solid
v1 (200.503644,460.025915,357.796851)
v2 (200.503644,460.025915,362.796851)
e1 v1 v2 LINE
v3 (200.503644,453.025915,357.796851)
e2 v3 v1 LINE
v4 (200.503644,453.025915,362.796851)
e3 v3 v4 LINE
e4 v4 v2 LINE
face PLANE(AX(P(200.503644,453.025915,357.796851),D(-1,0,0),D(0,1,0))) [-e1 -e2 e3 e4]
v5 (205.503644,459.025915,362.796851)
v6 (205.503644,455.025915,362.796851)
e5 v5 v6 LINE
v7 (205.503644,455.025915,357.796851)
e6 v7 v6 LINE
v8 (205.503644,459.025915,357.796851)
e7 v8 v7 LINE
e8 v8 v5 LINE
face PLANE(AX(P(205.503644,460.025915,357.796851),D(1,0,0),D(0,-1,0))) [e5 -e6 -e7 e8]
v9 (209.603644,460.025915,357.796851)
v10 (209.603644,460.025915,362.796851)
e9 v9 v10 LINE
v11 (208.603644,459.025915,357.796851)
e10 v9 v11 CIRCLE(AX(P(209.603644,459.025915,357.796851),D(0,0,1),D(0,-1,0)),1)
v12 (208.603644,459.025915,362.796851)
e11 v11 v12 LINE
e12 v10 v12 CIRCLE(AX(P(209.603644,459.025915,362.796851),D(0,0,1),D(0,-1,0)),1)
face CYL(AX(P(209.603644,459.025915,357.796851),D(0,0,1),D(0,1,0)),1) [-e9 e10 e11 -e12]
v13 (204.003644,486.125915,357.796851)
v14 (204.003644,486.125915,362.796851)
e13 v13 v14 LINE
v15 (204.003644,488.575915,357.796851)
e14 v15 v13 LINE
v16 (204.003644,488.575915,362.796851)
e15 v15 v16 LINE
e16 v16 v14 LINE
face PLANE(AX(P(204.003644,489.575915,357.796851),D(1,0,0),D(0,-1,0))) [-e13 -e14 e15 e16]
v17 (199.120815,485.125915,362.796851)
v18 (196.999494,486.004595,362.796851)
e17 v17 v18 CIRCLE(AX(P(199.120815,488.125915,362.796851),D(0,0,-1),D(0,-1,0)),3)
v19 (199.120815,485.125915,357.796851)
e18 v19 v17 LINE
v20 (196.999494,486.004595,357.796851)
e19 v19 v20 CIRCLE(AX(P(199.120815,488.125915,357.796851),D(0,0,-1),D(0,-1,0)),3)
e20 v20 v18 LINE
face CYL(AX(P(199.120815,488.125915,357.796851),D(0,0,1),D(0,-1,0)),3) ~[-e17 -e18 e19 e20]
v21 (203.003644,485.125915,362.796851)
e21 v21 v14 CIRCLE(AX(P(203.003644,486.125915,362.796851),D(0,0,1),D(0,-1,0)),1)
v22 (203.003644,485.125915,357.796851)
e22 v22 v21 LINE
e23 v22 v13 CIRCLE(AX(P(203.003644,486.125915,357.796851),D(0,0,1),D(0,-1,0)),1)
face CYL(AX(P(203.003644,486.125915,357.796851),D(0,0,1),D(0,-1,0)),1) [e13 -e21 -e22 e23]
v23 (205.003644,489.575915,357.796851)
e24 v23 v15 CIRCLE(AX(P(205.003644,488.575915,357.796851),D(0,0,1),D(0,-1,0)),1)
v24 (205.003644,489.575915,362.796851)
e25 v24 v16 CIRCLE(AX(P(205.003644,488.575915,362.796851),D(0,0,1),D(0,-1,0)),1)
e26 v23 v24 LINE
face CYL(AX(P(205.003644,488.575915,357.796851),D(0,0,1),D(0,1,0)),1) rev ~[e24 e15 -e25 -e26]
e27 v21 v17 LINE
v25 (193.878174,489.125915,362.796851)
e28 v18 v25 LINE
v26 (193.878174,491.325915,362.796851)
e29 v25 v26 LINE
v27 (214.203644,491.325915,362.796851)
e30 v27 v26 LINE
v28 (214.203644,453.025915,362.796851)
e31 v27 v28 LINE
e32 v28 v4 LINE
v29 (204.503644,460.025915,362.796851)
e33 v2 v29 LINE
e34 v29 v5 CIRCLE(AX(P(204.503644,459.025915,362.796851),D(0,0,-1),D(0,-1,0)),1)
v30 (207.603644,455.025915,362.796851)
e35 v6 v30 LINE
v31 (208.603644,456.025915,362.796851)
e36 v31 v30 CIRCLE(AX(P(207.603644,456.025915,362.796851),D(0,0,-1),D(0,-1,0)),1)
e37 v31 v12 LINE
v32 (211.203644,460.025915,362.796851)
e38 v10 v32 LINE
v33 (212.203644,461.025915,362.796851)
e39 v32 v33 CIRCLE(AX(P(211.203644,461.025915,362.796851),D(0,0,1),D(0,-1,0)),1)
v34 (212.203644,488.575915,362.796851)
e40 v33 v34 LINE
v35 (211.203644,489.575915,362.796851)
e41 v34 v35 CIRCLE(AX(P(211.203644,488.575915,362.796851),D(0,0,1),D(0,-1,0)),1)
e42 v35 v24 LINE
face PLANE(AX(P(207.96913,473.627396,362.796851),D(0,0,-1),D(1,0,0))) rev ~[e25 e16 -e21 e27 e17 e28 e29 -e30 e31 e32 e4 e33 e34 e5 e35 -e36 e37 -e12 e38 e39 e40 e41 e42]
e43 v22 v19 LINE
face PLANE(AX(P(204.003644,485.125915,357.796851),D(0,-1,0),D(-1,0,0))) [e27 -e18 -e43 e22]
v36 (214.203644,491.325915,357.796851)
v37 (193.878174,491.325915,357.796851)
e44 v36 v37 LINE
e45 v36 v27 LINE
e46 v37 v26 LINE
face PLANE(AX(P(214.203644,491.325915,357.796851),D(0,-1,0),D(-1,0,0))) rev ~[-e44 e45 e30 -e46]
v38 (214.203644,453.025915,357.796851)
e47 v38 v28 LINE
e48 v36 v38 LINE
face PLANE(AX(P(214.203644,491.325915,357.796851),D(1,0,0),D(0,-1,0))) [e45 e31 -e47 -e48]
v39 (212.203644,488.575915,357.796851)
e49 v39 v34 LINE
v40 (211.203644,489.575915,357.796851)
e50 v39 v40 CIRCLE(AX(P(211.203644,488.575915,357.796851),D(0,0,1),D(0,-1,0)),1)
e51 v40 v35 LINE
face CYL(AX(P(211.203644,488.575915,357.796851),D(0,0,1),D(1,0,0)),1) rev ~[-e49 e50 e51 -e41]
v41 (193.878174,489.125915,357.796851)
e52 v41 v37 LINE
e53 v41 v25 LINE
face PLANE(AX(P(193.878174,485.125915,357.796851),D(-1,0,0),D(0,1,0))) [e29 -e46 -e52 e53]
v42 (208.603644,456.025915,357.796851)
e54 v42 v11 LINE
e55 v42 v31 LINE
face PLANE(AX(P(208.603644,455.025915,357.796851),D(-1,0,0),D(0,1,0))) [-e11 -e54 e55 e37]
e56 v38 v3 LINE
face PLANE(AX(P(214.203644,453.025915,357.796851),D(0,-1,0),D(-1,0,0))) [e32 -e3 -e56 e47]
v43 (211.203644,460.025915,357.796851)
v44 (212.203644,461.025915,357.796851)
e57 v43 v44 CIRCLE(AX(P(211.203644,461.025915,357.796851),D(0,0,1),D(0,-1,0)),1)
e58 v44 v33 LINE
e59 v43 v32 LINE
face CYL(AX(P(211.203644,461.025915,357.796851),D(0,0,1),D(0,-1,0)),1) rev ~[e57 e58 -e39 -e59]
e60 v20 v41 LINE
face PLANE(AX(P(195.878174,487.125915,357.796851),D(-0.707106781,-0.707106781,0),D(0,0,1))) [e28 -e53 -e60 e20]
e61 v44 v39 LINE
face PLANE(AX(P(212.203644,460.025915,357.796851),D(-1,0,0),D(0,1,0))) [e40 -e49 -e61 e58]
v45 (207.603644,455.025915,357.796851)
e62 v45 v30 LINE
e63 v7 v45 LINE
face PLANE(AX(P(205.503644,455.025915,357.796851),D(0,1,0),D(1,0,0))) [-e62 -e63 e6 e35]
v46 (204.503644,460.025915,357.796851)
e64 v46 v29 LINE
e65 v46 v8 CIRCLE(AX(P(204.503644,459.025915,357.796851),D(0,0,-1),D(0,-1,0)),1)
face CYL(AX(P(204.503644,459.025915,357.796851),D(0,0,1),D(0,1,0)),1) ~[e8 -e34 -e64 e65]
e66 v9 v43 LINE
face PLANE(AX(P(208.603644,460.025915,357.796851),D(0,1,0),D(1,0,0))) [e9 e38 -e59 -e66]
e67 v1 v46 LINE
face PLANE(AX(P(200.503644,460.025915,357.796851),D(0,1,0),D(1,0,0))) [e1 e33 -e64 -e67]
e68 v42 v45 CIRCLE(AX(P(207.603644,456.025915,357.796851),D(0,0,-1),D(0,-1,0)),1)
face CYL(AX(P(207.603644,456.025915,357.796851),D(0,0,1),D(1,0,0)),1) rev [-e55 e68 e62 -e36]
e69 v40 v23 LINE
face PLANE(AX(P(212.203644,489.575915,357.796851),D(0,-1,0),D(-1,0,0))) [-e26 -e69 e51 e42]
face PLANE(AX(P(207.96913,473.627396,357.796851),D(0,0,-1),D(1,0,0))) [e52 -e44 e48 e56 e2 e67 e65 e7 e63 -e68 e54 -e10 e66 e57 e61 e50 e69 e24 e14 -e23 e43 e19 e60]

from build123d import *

# Parameters (mm, degrees)
PAD_DEPTH    = 5
FILLET_R     = 1
FILLET001_R  = 1
CHAMFER_SIZE = 4
FILLET002_R  = 3
FILLET003_R  = 1


with BuildPart() as part:
    # Sketch (on CopyPart__Feature) → Pad (new body)
    with BuildSketch(Plane(origin=(211.803644, 488.825915, 357.796851), x_dir=(-1, 0, 0), z_dir=(0, 0, 1))):
        Polygon((3.2, 28.8), (-0.4, 28.8), (-0.4, -0.75), (7.8, -0.75), (7.8, 3.7), (17.92547, 3.7), (17.92547, -2.5), (7.8, -2.5), (-2.4, -2.5), (-2.4, 35.8), (11.3, 35.8), (11.3, 28.8), (6.3, 28.8), (6.3, 33.8), (3.2, 33.8), align=None)
    extrude(amount=PAD_DEPTH)

    # Fillet
    fillet_edges = [part.edges().sort_by_distance(p)[0] for p in [
        (204.003644, 489.575915, 360.296851),
        (212.203644, 489.575915, 360.296851),
        (212.203644, 460.025915, 360.296851),
        (205.503644, 460.025915, 360.296851),
    ]]
    fillet(fillet_edges, radius=FILLET_R)

    # Fillet001
    fillet001_edges = [part.edges().sort_by_distance(p)[0] for p in [
        (208.603644, 460.025915, 360.296851),
        (208.603644, 455.025915, 360.296851),
    ]]
    fillet(fillet001_edges, radius=FILLET001_R)

    # Chamfer
    chamfer_edges = [part.edges().sort_by_distance(p)[0] for p in [
        (193.878174, 485.125915, 360.296851),
    ]]
    chamfer(chamfer_edges, length=CHAMFER_SIZE)

    # Fillet002
    fillet002_edges = [part.edges().sort_by_distance(p)[0] for p in [
        (197.878174, 485.125915, 360.296851),
    ]]
    fillet(fillet002_edges, radius=FILLET002_R)

    # Fillet003
    fillet003_edges = [part.edges().sort_by_distance(p)[0] for p in [
        (204.003644, 485.125915, 360.296851),
    ]]
    fillet(fillet003_edges, radius=FILLET003_R)


solid = part.part
